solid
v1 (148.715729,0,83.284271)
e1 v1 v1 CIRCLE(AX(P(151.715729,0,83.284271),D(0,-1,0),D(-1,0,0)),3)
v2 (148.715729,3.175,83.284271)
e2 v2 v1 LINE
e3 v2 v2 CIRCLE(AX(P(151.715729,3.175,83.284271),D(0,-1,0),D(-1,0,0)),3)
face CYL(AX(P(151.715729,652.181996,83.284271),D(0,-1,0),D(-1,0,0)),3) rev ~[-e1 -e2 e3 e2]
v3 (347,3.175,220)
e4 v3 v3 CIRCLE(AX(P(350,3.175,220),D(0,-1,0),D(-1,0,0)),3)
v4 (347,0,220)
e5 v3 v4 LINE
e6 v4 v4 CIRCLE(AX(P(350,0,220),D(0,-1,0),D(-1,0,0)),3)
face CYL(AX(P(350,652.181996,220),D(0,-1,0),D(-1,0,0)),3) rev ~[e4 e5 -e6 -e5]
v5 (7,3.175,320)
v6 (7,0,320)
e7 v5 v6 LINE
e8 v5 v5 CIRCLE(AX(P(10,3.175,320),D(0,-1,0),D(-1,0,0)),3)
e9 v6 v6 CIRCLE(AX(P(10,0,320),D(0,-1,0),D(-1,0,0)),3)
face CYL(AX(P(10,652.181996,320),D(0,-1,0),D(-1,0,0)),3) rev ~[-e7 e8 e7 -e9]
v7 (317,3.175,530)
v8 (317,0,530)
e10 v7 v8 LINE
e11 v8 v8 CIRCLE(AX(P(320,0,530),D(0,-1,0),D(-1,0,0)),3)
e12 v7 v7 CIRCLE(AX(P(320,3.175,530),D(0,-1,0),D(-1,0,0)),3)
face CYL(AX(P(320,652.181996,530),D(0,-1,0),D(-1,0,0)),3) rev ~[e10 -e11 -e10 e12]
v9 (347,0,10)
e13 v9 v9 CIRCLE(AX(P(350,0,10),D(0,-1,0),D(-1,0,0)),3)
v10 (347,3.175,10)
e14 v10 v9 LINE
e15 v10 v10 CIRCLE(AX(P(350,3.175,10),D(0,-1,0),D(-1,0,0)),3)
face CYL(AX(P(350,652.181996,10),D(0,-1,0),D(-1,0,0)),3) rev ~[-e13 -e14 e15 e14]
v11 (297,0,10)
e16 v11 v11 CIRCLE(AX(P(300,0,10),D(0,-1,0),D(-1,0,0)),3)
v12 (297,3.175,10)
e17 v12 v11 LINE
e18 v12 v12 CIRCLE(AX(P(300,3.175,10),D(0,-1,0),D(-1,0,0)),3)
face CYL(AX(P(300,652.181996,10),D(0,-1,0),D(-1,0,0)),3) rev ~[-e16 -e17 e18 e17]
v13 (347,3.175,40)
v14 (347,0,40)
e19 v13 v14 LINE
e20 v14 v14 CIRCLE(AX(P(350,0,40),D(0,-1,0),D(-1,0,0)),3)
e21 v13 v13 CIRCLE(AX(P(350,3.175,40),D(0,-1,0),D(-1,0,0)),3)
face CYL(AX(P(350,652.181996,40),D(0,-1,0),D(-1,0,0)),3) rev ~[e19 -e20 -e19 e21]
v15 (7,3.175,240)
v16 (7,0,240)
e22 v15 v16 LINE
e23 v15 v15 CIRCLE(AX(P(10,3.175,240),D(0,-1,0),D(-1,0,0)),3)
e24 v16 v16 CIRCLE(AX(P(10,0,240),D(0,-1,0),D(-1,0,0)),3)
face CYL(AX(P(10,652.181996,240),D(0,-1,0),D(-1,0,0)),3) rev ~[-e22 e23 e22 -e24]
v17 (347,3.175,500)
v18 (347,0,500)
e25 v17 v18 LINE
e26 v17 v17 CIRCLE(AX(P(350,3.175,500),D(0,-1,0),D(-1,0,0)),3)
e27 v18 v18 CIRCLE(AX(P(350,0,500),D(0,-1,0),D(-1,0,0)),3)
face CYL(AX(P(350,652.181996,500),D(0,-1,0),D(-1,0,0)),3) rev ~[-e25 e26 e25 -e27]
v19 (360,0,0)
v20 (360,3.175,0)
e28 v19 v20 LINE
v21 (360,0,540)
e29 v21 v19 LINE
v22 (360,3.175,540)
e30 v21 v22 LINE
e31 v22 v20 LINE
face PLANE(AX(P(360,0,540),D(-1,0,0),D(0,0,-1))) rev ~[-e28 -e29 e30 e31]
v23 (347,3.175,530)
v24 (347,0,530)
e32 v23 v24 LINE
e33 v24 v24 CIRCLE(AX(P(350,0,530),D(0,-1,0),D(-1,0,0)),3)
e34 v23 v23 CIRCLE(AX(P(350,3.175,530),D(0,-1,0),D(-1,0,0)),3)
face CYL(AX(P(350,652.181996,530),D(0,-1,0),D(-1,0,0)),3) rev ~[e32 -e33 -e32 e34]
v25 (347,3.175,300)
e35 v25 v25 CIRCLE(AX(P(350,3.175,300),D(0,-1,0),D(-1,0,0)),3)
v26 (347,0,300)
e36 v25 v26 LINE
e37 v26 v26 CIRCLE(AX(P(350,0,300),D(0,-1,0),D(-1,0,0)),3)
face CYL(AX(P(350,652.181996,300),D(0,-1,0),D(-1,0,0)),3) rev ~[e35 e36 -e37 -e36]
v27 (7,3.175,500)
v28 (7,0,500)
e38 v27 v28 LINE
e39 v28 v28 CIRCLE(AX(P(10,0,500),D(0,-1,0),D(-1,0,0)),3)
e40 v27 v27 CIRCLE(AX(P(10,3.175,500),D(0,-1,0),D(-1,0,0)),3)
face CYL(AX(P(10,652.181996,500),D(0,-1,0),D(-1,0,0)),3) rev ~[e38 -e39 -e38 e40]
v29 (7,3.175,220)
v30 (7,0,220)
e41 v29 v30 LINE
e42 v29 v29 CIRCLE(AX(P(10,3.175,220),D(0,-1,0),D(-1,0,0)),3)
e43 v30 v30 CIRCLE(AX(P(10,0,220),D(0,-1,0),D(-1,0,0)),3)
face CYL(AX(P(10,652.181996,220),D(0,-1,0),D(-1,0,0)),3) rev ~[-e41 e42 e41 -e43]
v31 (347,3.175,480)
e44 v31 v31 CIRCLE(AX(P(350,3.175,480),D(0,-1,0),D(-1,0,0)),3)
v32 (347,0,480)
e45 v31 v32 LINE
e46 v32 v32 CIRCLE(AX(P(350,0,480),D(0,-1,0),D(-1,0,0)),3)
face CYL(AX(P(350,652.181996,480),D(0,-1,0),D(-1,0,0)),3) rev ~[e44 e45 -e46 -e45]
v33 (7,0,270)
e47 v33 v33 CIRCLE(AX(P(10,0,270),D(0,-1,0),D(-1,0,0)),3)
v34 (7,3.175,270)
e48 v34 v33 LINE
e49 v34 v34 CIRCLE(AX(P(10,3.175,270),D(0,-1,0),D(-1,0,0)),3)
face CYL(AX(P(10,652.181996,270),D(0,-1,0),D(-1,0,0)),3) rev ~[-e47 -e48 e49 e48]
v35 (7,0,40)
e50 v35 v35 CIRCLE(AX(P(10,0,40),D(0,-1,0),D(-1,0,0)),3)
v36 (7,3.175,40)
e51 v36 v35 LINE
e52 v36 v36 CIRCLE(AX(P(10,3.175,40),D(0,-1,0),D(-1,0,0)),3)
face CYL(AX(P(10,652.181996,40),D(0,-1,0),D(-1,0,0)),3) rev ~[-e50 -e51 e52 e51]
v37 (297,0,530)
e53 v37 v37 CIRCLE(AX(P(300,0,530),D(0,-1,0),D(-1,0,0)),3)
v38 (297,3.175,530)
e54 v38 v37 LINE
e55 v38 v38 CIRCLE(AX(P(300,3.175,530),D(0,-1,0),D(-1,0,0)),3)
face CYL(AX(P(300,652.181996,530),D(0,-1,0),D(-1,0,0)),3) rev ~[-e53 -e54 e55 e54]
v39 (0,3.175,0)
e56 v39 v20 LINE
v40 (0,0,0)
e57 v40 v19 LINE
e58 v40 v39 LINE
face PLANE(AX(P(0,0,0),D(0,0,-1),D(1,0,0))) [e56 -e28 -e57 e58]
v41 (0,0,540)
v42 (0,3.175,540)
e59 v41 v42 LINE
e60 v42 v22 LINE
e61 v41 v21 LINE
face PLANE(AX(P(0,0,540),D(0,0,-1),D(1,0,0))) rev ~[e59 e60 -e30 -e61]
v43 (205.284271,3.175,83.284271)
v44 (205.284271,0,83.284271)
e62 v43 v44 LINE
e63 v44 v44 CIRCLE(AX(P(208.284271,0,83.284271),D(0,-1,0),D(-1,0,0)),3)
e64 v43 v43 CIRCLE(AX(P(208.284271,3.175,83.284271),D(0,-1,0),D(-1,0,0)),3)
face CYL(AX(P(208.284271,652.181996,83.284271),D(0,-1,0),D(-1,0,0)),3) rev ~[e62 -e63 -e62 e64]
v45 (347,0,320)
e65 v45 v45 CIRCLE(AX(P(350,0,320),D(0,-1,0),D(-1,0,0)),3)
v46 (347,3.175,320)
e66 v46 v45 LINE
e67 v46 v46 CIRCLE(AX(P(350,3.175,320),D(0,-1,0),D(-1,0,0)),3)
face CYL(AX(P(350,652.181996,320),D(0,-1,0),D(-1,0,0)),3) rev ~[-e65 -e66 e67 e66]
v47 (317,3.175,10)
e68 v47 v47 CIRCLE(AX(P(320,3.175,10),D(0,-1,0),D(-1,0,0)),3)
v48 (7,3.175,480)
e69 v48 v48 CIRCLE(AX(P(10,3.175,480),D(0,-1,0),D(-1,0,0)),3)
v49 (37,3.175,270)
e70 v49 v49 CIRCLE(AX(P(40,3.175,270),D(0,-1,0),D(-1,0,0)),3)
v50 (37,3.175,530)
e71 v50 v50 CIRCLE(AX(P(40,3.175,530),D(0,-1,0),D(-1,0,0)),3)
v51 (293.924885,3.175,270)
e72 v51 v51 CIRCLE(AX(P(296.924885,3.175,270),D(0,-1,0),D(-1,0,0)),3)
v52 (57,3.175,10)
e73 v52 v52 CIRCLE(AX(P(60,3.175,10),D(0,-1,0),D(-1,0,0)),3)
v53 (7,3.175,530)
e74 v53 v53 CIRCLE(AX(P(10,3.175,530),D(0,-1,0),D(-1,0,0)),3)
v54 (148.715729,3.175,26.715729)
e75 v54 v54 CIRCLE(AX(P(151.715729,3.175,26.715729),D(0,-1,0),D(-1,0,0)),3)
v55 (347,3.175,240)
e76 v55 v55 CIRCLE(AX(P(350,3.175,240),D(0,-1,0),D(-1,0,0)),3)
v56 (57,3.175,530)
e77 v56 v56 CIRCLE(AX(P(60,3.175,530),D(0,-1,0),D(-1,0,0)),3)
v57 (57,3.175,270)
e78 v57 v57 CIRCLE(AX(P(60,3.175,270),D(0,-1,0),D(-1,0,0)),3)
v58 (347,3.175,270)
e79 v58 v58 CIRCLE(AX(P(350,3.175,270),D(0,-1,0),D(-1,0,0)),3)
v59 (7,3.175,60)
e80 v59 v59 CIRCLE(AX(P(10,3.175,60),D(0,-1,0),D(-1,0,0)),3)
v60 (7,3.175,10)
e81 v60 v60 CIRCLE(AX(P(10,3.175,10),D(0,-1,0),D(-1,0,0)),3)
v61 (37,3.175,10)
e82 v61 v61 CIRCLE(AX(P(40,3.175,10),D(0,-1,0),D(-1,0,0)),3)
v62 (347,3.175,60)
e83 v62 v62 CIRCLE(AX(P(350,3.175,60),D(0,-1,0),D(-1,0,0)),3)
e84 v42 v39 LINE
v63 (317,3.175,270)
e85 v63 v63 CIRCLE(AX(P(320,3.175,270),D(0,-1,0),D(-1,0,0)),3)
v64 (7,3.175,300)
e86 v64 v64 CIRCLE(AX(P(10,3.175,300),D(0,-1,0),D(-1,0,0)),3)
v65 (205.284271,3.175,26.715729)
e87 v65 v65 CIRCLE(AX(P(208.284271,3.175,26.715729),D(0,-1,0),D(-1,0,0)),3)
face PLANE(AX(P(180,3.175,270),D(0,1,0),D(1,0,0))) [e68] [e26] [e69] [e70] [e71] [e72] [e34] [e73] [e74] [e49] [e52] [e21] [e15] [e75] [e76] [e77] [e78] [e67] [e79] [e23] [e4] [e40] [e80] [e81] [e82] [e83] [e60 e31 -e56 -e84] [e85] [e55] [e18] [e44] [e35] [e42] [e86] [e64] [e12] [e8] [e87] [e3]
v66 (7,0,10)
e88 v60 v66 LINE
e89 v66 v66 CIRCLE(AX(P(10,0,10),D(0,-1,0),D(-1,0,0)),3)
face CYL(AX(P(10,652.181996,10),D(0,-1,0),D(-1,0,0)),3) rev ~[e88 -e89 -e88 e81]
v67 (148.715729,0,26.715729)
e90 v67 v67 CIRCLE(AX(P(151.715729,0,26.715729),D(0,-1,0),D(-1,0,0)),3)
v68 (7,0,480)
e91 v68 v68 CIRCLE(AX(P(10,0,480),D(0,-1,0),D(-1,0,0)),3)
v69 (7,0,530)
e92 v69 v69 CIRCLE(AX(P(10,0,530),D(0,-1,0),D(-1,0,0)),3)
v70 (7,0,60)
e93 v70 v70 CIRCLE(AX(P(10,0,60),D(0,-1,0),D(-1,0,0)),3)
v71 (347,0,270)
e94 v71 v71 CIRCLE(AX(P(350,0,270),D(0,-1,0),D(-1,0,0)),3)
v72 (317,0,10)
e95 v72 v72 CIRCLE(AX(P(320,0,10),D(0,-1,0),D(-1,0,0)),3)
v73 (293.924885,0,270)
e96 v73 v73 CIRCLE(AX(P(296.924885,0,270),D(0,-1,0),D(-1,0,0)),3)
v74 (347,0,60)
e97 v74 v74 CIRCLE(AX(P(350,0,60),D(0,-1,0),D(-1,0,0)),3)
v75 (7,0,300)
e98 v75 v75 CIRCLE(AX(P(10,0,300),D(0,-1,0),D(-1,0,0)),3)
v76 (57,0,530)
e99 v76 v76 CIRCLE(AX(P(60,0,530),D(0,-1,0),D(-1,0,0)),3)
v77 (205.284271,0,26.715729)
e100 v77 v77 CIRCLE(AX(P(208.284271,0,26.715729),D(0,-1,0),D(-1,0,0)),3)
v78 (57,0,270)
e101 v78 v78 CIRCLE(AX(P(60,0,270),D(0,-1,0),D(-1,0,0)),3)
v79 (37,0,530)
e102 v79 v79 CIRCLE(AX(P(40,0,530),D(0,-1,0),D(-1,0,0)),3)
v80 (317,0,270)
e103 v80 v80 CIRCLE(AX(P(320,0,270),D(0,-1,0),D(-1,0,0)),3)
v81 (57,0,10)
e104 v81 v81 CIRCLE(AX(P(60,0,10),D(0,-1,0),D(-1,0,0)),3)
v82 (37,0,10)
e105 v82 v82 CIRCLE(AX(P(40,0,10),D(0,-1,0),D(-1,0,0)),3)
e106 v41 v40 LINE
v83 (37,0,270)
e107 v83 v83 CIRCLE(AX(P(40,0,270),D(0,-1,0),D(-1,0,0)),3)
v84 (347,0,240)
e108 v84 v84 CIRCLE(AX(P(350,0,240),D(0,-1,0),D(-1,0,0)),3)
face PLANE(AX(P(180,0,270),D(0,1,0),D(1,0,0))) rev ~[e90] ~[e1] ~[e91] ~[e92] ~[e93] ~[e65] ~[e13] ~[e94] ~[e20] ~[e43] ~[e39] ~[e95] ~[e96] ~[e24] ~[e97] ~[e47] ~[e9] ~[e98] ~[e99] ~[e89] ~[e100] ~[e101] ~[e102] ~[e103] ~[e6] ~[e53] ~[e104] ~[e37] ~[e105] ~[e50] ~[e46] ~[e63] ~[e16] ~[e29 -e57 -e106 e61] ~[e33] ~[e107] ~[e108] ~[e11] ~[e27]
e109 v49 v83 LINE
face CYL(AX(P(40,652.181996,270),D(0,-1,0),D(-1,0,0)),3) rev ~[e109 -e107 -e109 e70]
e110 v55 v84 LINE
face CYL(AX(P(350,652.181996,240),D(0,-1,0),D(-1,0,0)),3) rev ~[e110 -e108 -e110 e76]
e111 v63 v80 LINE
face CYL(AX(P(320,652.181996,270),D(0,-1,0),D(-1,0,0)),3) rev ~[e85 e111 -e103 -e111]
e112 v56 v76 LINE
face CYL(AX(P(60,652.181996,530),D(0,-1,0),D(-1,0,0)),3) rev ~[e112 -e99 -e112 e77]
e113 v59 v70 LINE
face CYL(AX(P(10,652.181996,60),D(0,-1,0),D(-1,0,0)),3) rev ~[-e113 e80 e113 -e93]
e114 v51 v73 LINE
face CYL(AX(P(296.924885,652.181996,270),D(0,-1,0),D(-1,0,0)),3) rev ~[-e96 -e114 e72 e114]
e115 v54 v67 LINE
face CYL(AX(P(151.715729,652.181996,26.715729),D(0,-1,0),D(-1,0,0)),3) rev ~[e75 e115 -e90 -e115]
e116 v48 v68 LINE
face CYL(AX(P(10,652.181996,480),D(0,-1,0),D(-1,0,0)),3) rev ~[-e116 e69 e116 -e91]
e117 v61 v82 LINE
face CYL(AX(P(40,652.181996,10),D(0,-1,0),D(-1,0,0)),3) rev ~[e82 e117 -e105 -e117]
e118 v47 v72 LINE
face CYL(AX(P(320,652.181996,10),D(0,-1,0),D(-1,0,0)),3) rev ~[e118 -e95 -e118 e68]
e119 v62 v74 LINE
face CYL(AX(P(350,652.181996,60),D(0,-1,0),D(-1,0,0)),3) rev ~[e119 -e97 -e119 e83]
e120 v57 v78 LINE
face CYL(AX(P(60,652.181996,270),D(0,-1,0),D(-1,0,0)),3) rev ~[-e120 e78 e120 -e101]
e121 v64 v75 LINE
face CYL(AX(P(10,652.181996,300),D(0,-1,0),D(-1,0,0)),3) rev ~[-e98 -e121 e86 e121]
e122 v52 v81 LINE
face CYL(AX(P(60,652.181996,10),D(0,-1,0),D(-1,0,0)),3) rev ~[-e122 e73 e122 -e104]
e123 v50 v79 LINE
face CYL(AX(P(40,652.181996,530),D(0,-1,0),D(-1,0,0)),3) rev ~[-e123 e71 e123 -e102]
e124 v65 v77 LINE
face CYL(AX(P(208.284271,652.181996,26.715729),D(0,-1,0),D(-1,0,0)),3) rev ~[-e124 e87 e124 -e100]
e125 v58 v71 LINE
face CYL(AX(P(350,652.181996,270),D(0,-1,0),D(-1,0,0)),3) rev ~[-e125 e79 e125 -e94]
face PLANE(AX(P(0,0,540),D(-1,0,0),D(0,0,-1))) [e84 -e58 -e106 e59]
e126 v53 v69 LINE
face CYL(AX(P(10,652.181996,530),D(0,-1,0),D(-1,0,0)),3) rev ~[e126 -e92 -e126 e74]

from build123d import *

# Parameters (mm, degrees)
SKETCH1_W             = 360
SKETCH1_H             = 540
BOSS_EXTRUDE1_DEPTH   = 3.175
F_6_0MM_DOWEL_HOLE1_D = 6
F_6_0MM_DOWEL_HOLE2_D = 6


with BuildPart() as part:
    # Sketch1 → Boss-Extrude1 (new body)
    with BuildSketch(Plane(origin=(0, 0, 0), x_dir=(1, 0, 0), z_dir=(0, 1, 0))):
        with Locations((180, -270)):
            Rectangle(SKETCH1_W, SKETCH1_H)
    extrude(amount=BOSS_EXTRUDE1_DEPTH)

    # Ø6.0mm Dowel Hole1 (through all)
    with Locations(Plane(origin=(0, 3.175, 0), x_dir=(1, 0, 0), z_dir=(0, 1, 0))):
        with Locations((151.715728753, -26.715728753), (208.284271247, -26.715728753), (208.284271247, -83.284271247), (151.715728753, -83.284271247)):
            Hole(F_6_0MM_DOWEL_HOLE1_D / 2)

    # Ø6.0mm Dowel Hole2 (through all)
    with Locations(Plane(origin=(0, 3.175, 0), x_dir=(1, 0, 0), z_dir=(0, 1, 0))):
        with Locations((10, -500), (40, -270), (10, -270), (10, -220), (40, -530), (10, -530), (320, -530), (350, -530), (350, -500), (10, -300), (350, -270), (10, -240), (320, -270), (350, -40), (350, -10), (320, -10), (40, -10), (10, -10), (10, -40), (60, -270), (10, -320), (10, -60), (60, -10), (300, -10), (350, -60), (350, -220), (350, -240), (296.924884631, -270), (350, -300), (350, -320), (350, -480), (300, -530), (10, -480), (60, -530)):
            Hole(F_6_0MM_DOWEL_HOLE2_D / 2)


solid = part.part
